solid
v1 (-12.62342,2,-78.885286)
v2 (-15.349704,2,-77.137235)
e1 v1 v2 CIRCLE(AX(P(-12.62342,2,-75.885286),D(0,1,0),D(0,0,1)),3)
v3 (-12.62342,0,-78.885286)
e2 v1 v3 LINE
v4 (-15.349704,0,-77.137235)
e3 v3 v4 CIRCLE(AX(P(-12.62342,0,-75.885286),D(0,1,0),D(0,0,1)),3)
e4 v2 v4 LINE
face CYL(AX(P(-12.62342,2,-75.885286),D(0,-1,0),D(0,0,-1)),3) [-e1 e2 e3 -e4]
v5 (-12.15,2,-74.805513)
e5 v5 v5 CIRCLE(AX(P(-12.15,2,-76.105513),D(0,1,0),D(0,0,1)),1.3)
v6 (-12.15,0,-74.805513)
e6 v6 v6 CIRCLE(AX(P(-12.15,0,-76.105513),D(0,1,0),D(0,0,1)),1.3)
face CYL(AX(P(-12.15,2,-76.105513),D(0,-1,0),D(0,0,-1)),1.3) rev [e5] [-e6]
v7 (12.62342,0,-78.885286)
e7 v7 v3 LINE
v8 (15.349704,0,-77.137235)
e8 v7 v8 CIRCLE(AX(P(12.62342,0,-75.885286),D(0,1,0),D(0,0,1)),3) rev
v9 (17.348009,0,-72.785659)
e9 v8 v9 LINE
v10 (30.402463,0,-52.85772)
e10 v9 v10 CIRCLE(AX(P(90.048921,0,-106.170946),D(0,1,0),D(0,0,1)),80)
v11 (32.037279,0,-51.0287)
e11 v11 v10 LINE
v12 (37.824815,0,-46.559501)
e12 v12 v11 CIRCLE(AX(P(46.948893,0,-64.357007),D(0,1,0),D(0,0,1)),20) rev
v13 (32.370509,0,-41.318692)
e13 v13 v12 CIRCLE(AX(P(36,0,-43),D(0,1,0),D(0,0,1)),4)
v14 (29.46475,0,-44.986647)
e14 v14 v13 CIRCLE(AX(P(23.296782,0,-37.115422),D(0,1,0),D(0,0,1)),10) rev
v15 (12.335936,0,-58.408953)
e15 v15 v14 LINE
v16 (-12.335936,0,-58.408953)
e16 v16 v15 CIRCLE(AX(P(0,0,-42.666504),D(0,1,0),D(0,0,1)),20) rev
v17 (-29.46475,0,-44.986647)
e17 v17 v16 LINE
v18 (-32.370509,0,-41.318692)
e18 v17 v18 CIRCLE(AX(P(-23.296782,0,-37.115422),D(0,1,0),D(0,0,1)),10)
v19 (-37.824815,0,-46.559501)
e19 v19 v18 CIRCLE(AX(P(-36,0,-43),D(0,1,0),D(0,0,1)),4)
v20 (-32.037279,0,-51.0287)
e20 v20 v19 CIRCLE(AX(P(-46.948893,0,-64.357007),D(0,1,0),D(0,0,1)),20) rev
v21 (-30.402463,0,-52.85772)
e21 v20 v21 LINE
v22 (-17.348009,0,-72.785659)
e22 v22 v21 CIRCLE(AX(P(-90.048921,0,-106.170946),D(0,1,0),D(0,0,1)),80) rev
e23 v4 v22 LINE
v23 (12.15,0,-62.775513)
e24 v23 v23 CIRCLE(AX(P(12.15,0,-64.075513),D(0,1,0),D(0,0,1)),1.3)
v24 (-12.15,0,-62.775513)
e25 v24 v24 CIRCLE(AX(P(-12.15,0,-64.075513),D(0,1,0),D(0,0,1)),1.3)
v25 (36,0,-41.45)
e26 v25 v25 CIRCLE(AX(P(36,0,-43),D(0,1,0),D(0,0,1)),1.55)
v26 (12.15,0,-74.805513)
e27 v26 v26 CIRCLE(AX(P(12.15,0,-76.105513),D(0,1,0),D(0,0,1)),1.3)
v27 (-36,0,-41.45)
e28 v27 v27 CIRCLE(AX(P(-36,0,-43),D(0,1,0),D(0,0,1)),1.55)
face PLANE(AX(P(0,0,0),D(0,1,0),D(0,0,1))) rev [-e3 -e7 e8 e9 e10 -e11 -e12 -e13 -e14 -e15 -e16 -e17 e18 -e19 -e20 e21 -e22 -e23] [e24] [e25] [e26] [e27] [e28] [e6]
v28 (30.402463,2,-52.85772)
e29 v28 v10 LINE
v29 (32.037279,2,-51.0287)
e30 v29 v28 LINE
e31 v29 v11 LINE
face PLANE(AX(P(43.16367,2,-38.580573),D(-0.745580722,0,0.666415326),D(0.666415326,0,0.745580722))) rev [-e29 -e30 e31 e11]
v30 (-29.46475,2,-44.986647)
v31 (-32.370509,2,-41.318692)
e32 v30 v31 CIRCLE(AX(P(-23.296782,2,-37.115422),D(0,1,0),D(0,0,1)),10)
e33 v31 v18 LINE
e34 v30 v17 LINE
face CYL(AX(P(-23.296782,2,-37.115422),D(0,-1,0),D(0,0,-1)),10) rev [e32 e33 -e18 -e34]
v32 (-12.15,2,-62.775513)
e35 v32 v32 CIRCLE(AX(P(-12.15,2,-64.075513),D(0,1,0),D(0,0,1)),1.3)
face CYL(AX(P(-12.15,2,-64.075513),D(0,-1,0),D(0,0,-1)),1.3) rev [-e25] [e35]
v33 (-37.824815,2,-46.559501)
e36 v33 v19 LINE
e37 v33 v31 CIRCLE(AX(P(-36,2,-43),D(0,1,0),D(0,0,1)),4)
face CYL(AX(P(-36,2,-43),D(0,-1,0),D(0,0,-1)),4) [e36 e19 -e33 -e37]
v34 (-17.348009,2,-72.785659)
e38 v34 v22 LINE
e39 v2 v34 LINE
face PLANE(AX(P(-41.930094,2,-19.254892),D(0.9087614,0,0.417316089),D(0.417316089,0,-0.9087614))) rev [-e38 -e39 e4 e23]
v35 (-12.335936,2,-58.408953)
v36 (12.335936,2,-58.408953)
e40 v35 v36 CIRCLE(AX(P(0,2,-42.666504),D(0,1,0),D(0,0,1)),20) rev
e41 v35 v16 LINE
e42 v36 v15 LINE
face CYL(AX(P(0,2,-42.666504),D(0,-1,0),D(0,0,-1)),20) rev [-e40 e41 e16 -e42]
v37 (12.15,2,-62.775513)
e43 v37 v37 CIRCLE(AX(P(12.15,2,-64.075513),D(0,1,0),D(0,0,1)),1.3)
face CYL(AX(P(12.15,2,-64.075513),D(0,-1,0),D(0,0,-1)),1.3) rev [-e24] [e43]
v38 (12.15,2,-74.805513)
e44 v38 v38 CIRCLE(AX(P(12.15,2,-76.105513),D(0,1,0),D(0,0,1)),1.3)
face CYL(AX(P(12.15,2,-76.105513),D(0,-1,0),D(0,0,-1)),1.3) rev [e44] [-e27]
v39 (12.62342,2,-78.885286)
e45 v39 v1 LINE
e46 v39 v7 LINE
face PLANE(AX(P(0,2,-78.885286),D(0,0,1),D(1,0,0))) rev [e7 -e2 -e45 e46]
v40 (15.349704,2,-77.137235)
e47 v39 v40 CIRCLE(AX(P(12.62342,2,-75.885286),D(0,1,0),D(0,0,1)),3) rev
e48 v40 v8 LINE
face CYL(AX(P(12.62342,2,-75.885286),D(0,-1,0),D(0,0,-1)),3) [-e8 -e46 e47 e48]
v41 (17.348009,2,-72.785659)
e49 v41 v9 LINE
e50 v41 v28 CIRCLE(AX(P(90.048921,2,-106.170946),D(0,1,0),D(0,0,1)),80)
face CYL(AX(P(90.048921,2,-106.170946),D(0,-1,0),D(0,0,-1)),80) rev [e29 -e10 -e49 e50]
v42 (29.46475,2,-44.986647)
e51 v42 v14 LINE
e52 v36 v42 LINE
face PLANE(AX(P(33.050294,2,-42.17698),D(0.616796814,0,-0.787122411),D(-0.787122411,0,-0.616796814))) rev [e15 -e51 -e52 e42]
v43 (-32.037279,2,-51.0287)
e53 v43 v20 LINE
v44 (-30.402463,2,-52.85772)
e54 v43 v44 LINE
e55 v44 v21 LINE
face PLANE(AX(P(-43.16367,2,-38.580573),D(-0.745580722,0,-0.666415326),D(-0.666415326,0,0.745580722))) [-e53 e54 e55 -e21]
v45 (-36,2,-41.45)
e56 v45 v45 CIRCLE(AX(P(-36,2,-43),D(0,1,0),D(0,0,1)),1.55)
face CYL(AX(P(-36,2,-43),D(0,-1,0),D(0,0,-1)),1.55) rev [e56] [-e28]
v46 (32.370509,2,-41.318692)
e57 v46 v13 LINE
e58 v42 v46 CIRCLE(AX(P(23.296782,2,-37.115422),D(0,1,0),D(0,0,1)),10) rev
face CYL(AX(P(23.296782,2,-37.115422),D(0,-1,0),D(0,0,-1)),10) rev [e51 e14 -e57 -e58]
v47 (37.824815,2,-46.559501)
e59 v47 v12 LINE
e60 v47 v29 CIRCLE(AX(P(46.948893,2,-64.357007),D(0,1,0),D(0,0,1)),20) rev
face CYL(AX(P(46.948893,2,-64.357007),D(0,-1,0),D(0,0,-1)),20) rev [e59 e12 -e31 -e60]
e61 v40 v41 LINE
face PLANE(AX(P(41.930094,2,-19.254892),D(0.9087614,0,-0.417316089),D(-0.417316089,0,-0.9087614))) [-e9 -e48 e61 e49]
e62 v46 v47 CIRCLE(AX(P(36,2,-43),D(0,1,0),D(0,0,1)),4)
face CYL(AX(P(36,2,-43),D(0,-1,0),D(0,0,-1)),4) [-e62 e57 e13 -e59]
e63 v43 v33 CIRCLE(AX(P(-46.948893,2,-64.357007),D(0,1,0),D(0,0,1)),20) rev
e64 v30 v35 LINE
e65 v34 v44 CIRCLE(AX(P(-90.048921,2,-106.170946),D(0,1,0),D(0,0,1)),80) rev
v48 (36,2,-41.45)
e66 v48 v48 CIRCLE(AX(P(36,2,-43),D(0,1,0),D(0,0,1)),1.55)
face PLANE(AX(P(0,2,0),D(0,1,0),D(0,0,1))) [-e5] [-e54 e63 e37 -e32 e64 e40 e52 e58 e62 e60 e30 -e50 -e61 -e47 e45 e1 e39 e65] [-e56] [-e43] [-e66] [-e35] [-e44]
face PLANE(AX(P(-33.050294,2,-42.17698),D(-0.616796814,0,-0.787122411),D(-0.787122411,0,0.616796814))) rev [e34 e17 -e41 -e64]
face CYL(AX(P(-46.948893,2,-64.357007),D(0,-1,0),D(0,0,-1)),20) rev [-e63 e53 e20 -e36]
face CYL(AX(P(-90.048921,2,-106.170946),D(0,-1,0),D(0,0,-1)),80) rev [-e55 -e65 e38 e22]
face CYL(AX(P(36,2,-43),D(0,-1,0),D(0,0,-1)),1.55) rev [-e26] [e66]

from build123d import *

# Parameters (mm, degrees)
SKETCH_1_R      = 1.55
SKETCH_1_R_2    = 1.3
EXTRUDE_1_DEPTH = 2


with BuildPart() as part:
    # 草图1 → 凸台-拉伸1 (new body)
    with BuildSketch(Plane(origin=(0, 0, 0), x_dir=(1, 0, 0), z_dir=(0, 1, 0))):
        with BuildLine():
            Line((-30.40246304, 52.857720294), (-32.037278544, 51.028700347))
            ThreePointArc((-32.037278544, 51.028700347), (-34.725061467, 48.527352956), (-37.824815498, 46.559501145))
            ThreePointArc((-37.824815498, 46.559501145), (-39.603619628, 44.736066121), (-39.92091739, 42.208541335))
            ThreePointArc((-39.92091739, 42.208541335), (-36.468177596, 39.027493268), (-32.370509151, 41.318692124))
            ThreePointArc((-32.370509151, 41.318692124), (-31.135199663, 43.325028618), (-29.464750167, 44.986646546))
            Line((-29.464750167, 44.986646546), (-12.33593628, 58.408952508))
            ThreePointArc((-12.33593628, 58.408952508), (0, 62.666504283), (12.33593628, 58.408952508))
            Line((12.33593628, 58.408952508), (29.464750167, 44.986646546))
            ThreePointArc((29.464750167, 44.986646546), (31.135199663, 43.325028618), (32.370509151, 41.318692124))
            ThreePointArc((32.370509151, 41.318692124), (36.468177596, 39.027493268), (39.92091739, 42.208541335))
            ThreePointArc((39.92091739, 42.208541335), (39.603619628, 44.736066121), (37.824815498, 46.559501145))
            ThreePointArc((37.824815498, 46.559501145), (34.725061467, 48.527352956), (32.037278544, 51.028700347))
            Line((32.037278544, 51.028700347), (30.40246304, 52.857720294))
            ThreePointArc((30.40246304, 52.857720294), (23.129287971, 62.333031959), (17.34800881, 72.785659285))
            Line((17.34800881, 72.785659285), (15.34970392, 77.137234504))
            ThreePointArc((15.34970392, 77.137234504), (14.242702771, 78.410741128), (12.62341972, 78.885286238))
            Line((12.62341972, 78.885286238), (-12.62341972, 78.885286238))
            ThreePointArc((-12.62341972, 78.885286238), (-14.242702771, 78.410741128), (-15.34970392, 77.137234504))
            Line((-15.34970392, 77.137234504), (-17.34800881, 72.785659285))
            ThreePointArc((-17.34800881, 72.785659285), (-23.129287971, 62.333031959), (-30.40246304, 52.857720294))
        make_face()
        with Locations(Location((-36, 43, 0), (0, 0, 270))):
            Circle(SKETCH_1_R, mode=Mode.SUBTRACT)
        with Locations(Location((36, 43, 0), (0, 0, 270))):
            Circle(SKETCH_1_R, mode=Mode.SUBTRACT)
        with Locations(Location((-12.15, 64.075512735, 0), (0, 0, 270))):
            Circle(SKETCH_1_R_2, mode=Mode.SUBTRACT)
        with Locations(Location((-12.15, 76.105512735, 0), (0, 0, 270))):
            Circle(SKETCH_1_R_2, mode=Mode.SUBTRACT)
        with Locations(Location((12.15, 64.075512735, 0), (0, 0, 270))):
            Circle(SKETCH_1_R_2, mode=Mode.SUBTRACT)
        with Locations(Location((12.15, 76.105512735, 0), (0, 0, 270))):
            Circle(SKETCH_1_R_2, mode=Mode.SUBTRACT)
    extrude(amount=EXTRUDE_1_DEPTH)


solid = part.part
